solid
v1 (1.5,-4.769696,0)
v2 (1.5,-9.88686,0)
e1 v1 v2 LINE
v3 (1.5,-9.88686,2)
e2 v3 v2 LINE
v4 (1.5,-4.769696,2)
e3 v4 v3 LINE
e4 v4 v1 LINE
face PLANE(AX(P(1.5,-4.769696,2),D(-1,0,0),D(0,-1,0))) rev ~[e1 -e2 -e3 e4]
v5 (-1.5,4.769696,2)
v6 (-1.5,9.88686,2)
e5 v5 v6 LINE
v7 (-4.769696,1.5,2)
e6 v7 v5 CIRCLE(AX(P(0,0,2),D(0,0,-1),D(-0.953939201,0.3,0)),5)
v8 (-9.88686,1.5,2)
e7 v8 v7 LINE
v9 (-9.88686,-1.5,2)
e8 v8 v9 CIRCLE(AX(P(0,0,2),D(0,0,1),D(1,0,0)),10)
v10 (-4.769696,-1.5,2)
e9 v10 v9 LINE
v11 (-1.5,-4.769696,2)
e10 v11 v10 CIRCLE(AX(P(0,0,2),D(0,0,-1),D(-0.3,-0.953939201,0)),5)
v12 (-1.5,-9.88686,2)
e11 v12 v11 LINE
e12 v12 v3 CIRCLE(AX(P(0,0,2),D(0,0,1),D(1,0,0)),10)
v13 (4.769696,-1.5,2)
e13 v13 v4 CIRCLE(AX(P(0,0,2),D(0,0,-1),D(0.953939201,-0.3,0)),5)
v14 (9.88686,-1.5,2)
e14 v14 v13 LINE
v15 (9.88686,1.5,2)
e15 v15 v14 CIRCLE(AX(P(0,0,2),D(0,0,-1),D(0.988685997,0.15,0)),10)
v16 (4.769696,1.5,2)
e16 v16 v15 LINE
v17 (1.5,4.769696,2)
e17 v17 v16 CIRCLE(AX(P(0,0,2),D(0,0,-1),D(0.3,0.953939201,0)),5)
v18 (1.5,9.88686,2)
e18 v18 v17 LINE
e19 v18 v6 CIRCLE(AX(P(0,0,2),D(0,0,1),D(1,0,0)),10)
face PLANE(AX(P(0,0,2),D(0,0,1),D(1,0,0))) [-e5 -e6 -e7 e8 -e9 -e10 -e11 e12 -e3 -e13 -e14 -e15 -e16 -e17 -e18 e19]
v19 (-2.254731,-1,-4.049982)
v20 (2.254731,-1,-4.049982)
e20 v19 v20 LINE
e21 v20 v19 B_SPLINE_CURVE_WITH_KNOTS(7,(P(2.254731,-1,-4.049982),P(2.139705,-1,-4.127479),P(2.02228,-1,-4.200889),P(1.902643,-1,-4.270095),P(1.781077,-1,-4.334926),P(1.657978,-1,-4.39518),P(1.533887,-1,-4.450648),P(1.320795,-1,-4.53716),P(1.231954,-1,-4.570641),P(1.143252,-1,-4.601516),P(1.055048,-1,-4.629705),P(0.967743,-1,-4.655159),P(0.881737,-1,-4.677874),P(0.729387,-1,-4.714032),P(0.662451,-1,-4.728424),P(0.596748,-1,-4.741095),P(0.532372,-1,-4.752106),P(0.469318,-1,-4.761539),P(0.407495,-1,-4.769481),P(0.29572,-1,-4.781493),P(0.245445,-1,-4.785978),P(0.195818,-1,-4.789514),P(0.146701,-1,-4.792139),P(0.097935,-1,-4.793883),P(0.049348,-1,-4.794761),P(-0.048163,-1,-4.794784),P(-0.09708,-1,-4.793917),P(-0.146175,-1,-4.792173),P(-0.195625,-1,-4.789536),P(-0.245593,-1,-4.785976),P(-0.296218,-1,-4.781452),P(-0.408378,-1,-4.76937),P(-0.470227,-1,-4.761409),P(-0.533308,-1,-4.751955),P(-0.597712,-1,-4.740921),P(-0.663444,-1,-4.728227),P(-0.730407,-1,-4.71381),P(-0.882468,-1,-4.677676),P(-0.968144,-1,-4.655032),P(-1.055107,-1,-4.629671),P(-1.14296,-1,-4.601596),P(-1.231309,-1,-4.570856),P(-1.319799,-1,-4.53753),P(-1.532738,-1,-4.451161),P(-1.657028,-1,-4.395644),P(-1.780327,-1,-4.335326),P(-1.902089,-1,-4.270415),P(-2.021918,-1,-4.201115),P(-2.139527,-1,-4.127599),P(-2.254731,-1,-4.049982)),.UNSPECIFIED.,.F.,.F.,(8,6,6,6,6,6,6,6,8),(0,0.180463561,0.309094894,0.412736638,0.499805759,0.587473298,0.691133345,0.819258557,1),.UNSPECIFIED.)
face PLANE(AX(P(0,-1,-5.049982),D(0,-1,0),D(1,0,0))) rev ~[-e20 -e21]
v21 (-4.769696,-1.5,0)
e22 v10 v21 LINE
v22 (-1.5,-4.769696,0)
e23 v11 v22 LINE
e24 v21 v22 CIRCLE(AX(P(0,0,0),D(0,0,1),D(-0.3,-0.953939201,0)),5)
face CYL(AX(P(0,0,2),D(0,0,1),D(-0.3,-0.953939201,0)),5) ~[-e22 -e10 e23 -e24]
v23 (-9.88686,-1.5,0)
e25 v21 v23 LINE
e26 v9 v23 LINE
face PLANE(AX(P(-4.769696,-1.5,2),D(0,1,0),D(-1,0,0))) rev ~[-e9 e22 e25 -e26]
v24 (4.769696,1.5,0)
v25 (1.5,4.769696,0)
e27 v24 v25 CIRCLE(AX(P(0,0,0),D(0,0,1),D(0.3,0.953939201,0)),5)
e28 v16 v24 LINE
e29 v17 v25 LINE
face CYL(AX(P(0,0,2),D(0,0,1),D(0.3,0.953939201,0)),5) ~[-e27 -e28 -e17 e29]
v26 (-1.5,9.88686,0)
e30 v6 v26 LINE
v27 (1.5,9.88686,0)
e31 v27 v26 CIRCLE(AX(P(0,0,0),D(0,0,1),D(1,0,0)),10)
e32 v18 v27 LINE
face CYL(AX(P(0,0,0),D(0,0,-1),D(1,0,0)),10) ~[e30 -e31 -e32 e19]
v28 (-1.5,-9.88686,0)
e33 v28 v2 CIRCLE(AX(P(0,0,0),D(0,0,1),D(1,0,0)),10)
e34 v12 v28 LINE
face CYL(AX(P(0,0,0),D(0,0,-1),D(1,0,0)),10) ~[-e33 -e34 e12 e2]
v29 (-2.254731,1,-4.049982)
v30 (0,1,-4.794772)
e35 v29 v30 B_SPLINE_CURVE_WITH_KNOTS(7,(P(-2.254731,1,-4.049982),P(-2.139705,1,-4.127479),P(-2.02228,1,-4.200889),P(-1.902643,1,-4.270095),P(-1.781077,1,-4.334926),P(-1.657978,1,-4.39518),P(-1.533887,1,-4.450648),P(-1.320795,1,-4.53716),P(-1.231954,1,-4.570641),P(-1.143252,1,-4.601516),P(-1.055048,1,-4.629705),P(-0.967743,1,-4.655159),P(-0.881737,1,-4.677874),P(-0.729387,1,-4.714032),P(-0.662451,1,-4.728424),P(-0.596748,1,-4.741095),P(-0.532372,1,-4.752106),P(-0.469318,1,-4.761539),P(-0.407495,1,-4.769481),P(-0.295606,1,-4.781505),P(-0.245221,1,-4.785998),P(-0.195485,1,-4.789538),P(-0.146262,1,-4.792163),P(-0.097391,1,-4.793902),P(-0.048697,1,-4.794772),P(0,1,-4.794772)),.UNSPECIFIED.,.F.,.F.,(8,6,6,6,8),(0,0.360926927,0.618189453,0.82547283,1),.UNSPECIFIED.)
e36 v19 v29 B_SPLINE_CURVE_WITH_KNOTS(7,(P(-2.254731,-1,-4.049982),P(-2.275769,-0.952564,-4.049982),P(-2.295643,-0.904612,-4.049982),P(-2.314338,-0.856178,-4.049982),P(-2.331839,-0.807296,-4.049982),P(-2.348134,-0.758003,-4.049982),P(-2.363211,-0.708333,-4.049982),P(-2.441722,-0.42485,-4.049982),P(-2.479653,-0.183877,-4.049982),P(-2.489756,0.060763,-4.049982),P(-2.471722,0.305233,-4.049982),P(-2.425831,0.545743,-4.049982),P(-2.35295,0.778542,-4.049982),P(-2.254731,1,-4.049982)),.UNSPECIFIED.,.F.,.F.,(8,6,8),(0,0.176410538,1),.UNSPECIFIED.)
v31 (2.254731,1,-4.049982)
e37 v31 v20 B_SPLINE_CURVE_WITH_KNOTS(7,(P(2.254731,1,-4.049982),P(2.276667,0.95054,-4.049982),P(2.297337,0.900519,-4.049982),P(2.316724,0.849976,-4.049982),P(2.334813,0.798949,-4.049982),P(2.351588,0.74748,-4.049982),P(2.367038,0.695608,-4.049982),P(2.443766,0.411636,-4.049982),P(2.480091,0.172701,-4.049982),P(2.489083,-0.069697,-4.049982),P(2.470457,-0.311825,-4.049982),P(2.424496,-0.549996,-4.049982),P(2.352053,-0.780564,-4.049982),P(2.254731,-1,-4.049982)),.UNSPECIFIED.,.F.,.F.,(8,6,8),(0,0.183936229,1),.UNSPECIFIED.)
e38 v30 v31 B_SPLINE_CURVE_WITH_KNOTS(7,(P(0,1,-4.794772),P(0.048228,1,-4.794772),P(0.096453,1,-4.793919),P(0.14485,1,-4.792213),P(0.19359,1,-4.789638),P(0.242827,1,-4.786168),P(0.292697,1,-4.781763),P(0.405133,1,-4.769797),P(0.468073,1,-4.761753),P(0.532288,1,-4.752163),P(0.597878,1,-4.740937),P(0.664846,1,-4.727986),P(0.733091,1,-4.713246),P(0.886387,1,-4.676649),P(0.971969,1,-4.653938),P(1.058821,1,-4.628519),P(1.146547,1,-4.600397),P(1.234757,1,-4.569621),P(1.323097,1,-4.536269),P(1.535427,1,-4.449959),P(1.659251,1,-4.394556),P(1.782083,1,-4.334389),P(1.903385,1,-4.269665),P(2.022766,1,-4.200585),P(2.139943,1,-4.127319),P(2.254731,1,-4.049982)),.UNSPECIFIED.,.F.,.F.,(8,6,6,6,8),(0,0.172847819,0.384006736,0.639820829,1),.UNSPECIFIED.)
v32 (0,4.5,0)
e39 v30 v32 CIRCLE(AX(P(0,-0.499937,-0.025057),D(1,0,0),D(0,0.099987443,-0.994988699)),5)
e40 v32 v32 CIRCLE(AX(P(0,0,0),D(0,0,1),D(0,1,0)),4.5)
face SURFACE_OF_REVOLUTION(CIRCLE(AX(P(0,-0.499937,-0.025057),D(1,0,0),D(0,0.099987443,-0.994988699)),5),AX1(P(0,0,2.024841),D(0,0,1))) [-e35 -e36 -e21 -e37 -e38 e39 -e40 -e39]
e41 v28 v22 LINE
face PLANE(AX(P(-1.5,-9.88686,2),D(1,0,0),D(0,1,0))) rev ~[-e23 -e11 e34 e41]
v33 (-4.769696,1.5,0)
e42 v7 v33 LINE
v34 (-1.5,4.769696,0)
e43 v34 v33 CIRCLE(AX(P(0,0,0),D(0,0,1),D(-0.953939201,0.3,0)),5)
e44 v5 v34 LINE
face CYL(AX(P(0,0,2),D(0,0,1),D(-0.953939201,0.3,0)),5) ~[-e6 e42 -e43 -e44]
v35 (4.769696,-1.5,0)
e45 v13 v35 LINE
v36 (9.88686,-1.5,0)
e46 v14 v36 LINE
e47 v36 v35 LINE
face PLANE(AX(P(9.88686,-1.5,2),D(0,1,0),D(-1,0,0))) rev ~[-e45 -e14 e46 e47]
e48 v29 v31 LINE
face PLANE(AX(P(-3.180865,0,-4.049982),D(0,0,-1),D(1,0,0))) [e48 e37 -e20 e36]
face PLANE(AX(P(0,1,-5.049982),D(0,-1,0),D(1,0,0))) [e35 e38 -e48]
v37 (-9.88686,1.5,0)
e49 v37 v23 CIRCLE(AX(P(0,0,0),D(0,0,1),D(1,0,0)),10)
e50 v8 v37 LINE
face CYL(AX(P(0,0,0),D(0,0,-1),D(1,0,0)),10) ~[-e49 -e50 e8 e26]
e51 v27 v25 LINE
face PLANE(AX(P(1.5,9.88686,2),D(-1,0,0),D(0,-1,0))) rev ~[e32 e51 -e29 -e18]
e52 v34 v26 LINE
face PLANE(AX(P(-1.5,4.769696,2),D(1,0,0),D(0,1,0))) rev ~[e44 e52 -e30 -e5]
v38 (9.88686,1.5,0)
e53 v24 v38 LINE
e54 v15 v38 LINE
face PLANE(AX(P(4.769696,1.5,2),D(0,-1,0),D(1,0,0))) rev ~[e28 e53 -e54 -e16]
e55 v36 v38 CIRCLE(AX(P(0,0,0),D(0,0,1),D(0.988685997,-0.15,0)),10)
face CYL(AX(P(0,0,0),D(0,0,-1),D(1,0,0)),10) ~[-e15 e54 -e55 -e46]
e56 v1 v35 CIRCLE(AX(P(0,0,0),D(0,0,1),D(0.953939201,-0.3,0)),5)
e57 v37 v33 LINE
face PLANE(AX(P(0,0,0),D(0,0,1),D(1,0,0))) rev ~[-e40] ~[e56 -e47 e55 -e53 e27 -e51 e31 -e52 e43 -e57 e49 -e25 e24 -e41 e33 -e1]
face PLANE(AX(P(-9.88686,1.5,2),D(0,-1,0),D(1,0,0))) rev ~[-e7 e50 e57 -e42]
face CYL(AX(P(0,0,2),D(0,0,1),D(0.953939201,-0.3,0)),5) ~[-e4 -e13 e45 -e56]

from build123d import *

# Parameters (mm, degrees)
F0_R     = 10
F1_DEPTH = 2
F3_DEPTH = 2.001
F6_W     = 6.3617299311
F6_H     = 2
F7_DEPTH = 1


with BuildPart() as f1:
    # F0 (on Top) → F1 (new body)
    with BuildSketch(Plane.XY):
        Circle(F0_R)
    extrude(amount=F1_DEPTH)

    # F2 (on face) → F3 (cut, through all)
    with BuildSketch(Plane.XY.offset(2)):
        with BuildLine():
            ThreePointArc((-4.7696960071, 1.5), (-3.5355339059, 3.5355339059), (-1.5, 4.7696960071))
            Line((-1.5, 4.7696960071), (-1.5, 9.8868599666))
            ThreePointArc((-1.5, 9.8868599666), (-7.0710678119, 7.0710678119), (-9.8868599666, 1.5))
            Line((-9.8868599666, 1.5), (-4.7696960071, 1.5))
        make_face()
        with BuildLine():
            ThreePointArc((1.5, 4.7696960071), (3.5355339059, 3.5355339059), (4.7696960071, 1.5))
            Line((4.7696960071, 1.5), (9.8868599666, 1.5))
            ThreePointArc((9.8868599666, 1.5), (7.0710678119, 7.0710678119), (1.5, 9.8868599666))
            Line((1.5, 9.8868599666), (1.5, 4.7696960071))
        make_face()
        with BuildLine():
            Line((9.8868599666, -1.5), (4.7696960071, -1.5))
            ThreePointArc((4.7696960071, -1.5), (3.5355339059, -3.5355339059), (1.5, -4.7696960071))
            Line((1.5, -4.7696960071), (1.5, -9.8868599666))
            ThreePointArc((1.5, -9.8868599666), (7.0710678119, -7.0710678119), (9.8868599666, -1.5))
        make_face()
        with BuildLine():
            Line((-1.5, -9.8868599666), (-1.5, -4.7696960071))
            ThreePointArc((-1.5, -4.7696960071), (-3.5355339059, -3.5355339059), (-4.7696960071, -1.5))
            Line((-4.7696960071, -1.5), (-9.8868599666, -1.5))
            ThreePointArc((-9.8868599666, -1.5), (-7.0710678119, -7.0710678119), (-1.5, -9.8868599666))
        make_face()
    extrude(amount=-F3_DEPTH, mode=Mode.SUBTRACT)

    # F4 (on Right) → F5 (revolve)
    with BuildSketch(Plane.YZ):
        with BuildLine():
            Line((4.5, 0), (0, 0))
            Line((0, 0), (0, -5))
            ThreePointArc((0, -5), (3.2165335145, -3.369880163), (4.5, 0))
        make_face()
    revolve(axis=Axis((0, 0, 2.0248414949), (0, 0, 1)))

    # F6 (on Front) → F7 (cut, symmetric)
    with BuildSketch(Plane.XZ):
        with Locations((0, -5.0499816425)):
            Rectangle(F6_W, F6_H)
    extrude(amount=F7_DEPTH, both=True, mode=Mode.SUBTRACT)


solid = f1.part
